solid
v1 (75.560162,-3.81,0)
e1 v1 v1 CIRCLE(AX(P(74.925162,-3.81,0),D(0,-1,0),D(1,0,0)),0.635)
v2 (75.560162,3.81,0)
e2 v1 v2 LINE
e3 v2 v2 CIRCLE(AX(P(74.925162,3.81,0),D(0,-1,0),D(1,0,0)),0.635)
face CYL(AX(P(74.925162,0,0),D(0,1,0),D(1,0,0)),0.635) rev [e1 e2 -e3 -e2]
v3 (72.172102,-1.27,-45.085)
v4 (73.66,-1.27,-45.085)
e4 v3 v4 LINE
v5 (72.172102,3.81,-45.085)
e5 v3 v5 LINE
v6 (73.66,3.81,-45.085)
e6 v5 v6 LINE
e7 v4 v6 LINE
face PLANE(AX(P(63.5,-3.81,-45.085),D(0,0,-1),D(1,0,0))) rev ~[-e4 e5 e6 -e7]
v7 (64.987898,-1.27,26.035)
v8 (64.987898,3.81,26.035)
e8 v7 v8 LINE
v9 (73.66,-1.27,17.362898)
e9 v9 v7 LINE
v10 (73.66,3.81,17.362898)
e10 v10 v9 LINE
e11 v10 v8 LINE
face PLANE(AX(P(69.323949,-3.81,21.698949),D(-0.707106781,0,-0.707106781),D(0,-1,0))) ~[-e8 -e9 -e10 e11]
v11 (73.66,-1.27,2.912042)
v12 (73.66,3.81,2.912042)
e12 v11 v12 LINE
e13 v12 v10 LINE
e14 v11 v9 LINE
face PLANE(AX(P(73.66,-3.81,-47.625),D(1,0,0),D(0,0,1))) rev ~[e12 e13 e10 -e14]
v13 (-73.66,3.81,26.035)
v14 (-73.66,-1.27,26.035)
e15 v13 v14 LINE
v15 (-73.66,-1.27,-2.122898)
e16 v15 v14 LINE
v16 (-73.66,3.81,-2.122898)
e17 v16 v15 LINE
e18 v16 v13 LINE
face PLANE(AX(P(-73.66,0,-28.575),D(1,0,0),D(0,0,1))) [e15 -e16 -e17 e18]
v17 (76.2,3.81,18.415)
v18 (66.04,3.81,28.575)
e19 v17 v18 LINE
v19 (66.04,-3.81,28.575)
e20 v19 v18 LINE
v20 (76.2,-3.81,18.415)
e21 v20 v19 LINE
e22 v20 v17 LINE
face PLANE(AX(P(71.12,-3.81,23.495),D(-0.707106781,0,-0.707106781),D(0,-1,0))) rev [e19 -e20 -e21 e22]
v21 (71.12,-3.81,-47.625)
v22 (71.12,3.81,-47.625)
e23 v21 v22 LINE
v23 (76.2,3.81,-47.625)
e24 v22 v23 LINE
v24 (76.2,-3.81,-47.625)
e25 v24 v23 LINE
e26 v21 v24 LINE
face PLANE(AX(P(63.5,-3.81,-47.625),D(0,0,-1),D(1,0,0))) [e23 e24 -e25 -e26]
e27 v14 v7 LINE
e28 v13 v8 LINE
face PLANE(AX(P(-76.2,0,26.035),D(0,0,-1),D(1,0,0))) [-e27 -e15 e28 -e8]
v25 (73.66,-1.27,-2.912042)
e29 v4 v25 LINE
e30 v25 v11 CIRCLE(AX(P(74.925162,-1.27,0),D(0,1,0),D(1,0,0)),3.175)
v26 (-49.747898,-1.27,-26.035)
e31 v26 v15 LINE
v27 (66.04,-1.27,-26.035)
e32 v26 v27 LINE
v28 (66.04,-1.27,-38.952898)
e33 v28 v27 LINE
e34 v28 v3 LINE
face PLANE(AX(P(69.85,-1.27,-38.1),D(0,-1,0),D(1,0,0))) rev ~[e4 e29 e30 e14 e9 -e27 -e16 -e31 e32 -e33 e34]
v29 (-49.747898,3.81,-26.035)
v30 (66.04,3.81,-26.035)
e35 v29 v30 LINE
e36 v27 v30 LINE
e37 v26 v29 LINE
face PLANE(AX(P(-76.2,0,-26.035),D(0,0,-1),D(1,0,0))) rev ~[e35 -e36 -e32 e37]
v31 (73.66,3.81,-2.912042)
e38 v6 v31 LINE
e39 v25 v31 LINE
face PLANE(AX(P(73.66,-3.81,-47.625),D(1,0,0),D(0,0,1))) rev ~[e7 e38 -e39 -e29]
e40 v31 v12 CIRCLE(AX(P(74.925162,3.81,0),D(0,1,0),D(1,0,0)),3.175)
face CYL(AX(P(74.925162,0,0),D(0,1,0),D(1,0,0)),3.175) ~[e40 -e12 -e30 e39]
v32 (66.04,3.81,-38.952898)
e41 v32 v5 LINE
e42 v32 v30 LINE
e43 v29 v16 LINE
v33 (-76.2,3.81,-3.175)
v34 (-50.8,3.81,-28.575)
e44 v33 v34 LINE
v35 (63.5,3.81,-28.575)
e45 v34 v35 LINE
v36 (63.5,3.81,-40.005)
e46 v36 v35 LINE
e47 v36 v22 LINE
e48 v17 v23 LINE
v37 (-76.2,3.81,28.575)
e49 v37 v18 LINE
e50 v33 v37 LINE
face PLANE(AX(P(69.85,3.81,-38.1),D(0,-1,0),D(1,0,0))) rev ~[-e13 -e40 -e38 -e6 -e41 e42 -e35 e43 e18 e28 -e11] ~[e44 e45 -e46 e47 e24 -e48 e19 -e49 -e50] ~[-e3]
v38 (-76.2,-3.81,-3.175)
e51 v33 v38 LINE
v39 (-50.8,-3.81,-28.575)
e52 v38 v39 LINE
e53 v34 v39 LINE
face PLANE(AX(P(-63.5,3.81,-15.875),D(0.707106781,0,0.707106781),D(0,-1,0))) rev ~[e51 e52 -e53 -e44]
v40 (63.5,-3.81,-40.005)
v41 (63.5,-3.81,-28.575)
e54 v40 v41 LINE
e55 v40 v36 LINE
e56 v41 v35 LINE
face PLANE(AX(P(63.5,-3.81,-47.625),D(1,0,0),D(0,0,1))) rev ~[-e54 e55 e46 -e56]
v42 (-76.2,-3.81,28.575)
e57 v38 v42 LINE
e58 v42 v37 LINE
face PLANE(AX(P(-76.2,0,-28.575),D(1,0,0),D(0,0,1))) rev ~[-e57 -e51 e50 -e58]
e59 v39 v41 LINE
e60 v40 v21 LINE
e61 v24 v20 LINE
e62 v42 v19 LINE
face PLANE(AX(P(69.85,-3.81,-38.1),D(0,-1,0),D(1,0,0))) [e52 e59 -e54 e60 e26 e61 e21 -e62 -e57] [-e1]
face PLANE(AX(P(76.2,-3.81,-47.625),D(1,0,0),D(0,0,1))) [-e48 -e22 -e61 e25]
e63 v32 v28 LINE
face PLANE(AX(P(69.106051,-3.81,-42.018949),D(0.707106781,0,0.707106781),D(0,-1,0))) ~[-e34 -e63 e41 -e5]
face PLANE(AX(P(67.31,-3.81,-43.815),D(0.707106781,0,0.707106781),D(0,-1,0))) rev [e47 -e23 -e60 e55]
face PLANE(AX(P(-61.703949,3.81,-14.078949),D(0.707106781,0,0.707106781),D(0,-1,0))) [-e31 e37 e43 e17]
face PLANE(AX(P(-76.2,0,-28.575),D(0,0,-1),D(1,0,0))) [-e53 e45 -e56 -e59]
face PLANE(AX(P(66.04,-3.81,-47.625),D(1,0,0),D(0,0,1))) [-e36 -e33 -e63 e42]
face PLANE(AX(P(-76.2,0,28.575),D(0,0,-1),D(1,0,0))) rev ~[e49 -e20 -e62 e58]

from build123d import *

# Parameters (mm, degrees)
F0_W     = 152.4
F0_H     = 57.15
F0_R     = 0.635
F1_DEPTH = 3.81
F2_SIZE  = 25.4
F3_W     = 12.7
F3_H     = 19.05
F4_DEPTH = 7.62
F5_SIZE  = 7.62
F6_SIZE  = 10.16
F7_T     = -2.54


with BuildPart() as f1:
    # F0 (on Front) → F1 (new body, symmetric)
    with BuildSketch(Plane.XZ):
        Rectangle(F0_W, F0_H)
        with Locations((74.9251618981, 0)):
            Circle(F0_R, mode=Mode.SUBTRACT)
    extrude(amount=F1_DEPTH, both=True)

    # F2
    f2_edges = [f1.edges().sort_by_distance(p)[0] for p in [
        (-76.2, 0, -28.575),
    ]]
    chamfer(f2_edges, length=F2_SIZE)

    # F3 (on face) → F4 (join)
    with BuildSketch(Plane.XZ.offset(3.81)):
        with Locations((69.85, -38.1)):
            Rectangle(F3_W, F3_H)
    extrude(amount=-F4_DEPTH)

    # F5
    f5_edges = [f1.edges().sort_by_distance(p)[0] for p in [
        (63.5, 0, -47.625),
    ]]
    chamfer(f5_edges, length=F5_SIZE)

    # F6
    f6_edges = [f1.edges().sort_by_distance(p)[0] for p in [
        (76.2, 0, 28.575),
    ]]
    chamfer(f6_edges, length=F6_SIZE)

    # F7
    f7_openings = [f1.faces().sort_by_distance(p)[0] for p in [
        (3.858416, 3.81, -0.318506),
    ]]
    offset(amount=F7_T, openings=f7_openings, kind=Kind.INTERSECTION)


solid = f1.part
